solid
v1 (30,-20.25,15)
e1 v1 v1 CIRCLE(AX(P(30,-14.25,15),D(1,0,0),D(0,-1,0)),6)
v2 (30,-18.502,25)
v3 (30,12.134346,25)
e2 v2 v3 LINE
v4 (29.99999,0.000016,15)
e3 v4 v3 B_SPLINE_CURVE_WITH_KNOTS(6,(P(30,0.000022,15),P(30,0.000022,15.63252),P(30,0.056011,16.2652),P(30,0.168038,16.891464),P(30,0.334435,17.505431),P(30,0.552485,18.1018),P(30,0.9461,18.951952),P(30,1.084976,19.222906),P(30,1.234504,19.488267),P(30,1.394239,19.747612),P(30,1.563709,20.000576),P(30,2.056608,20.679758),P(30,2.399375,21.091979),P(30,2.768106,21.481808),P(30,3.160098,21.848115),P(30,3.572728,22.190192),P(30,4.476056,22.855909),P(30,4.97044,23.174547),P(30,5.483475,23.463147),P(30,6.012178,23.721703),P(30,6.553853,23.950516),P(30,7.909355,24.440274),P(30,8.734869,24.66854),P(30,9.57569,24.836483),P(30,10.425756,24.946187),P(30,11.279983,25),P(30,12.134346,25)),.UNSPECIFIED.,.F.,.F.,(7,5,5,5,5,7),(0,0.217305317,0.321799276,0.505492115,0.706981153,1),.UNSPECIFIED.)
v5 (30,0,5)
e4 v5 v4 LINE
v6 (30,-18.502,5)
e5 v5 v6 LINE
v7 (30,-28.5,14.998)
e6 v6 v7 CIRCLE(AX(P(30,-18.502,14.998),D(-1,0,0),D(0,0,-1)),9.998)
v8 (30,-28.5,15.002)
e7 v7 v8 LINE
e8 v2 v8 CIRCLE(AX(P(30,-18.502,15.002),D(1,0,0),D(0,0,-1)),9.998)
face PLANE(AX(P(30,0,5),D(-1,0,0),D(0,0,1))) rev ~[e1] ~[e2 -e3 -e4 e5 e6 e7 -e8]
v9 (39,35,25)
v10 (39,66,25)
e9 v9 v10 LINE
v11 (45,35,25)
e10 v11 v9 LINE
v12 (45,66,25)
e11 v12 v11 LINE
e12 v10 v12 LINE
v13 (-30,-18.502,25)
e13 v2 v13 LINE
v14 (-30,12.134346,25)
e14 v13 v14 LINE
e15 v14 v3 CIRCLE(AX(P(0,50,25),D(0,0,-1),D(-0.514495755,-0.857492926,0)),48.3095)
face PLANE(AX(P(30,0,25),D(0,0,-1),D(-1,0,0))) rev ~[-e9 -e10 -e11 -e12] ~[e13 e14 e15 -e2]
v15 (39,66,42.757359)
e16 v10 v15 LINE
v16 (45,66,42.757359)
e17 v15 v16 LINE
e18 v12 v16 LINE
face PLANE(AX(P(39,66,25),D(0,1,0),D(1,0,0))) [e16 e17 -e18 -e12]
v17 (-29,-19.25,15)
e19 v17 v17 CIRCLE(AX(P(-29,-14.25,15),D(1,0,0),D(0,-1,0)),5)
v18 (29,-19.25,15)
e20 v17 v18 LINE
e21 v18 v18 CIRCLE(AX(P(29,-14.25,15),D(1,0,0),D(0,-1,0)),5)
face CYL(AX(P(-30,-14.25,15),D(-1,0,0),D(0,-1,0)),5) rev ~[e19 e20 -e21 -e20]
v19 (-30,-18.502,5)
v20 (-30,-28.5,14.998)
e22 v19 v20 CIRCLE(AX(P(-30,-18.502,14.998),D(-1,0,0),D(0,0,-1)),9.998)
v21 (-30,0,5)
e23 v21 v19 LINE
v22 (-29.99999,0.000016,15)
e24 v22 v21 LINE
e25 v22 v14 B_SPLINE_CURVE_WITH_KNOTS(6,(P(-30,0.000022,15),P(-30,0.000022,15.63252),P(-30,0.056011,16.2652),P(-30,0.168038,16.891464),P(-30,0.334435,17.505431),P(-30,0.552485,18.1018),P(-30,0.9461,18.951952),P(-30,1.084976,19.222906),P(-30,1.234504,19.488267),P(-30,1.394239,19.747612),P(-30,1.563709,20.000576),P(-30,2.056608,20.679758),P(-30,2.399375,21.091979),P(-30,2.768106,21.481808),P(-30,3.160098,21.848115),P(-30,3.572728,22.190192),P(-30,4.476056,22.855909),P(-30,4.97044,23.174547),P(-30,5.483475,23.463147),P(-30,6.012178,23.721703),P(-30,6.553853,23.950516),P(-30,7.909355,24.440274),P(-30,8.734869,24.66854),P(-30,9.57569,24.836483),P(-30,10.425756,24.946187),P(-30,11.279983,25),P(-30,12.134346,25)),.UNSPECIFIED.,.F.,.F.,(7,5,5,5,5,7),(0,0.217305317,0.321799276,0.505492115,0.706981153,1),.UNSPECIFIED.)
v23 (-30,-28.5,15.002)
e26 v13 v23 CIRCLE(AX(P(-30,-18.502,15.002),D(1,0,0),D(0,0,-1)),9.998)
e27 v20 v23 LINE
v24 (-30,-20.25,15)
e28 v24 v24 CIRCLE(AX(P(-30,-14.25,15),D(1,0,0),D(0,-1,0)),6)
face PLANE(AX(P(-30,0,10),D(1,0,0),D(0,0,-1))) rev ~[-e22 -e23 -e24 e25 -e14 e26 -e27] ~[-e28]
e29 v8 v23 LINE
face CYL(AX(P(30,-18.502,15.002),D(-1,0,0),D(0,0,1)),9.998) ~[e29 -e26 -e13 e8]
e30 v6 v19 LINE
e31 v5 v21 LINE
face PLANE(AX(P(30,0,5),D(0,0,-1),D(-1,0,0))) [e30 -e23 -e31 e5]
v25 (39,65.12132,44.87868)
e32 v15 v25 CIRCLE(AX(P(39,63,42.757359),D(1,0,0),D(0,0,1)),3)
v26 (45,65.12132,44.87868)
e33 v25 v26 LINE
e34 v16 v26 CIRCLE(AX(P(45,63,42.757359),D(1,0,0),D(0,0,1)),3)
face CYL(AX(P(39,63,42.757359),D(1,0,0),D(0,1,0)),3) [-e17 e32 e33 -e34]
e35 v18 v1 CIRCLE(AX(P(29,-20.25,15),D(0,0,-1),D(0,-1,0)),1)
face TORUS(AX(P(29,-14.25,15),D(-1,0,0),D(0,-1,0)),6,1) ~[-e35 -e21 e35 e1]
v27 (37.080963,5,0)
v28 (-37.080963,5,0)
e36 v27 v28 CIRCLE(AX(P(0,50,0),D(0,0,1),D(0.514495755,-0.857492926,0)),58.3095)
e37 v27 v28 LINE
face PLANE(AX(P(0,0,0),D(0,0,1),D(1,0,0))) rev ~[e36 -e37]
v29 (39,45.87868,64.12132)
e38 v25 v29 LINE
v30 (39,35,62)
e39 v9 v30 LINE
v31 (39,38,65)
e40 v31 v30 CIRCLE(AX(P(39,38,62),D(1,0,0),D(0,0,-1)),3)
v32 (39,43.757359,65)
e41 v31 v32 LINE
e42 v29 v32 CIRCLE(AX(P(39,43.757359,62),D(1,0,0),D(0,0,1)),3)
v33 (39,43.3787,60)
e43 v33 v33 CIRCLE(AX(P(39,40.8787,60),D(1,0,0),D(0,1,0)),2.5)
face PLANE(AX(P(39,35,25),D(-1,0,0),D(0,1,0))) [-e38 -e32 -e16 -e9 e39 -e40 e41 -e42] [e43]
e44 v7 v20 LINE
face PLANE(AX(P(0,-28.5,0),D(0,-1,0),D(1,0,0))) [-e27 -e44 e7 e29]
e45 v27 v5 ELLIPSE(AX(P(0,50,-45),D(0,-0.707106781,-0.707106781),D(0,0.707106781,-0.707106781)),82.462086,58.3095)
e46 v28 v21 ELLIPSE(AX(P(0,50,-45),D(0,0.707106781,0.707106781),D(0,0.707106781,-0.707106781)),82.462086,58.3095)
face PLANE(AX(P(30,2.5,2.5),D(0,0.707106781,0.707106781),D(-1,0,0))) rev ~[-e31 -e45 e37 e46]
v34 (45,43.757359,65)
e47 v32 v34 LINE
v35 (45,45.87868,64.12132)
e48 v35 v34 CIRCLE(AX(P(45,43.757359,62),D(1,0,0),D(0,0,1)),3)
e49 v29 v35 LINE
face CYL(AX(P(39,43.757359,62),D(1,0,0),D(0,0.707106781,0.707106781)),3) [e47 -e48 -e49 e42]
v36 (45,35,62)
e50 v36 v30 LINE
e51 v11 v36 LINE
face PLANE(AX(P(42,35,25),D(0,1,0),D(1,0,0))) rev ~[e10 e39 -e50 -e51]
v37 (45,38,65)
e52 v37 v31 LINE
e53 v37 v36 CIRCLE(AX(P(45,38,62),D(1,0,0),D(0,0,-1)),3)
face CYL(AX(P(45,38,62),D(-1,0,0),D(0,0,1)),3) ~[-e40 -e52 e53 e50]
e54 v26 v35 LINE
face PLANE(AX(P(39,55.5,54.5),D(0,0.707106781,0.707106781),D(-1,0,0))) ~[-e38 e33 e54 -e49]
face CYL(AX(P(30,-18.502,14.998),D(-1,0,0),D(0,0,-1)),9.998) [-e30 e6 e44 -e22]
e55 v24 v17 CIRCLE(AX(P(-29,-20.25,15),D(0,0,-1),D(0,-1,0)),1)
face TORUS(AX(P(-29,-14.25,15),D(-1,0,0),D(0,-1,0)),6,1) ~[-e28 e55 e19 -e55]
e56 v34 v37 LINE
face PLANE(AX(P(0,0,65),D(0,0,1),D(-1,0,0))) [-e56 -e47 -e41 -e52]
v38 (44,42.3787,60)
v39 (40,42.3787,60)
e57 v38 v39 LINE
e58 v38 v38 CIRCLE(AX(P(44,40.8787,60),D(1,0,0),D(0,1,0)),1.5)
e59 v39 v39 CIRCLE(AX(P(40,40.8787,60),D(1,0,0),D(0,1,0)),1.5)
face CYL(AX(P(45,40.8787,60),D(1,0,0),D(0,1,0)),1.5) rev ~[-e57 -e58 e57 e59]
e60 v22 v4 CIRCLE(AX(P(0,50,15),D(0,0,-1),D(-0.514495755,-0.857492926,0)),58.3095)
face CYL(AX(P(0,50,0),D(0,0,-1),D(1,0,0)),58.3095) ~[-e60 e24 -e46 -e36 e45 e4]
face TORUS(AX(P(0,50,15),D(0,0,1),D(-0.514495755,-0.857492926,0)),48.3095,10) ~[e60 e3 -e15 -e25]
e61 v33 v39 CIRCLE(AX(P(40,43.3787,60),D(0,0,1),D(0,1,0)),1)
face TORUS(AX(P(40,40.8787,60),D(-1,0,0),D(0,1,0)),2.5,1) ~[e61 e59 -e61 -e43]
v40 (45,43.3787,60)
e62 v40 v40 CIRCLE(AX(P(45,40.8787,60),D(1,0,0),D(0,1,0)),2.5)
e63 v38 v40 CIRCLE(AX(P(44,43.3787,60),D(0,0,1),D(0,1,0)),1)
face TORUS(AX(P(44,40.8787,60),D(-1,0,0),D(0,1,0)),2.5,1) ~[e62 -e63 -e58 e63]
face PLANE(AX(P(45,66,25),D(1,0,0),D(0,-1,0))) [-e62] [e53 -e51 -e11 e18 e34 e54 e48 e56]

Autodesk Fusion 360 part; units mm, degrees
sketch "Sketch1" plane through (0, 0, 0) normal (0, 0, 1) x (1, 0, 0)
  line L0 (0, 0) -> (30, 0)
  line L1 (0, 0) -> (-30, 0)
  circle A0 centre (0, 50) radius 58.3095
  line L2 (0, 7) -> (39.3827, 7)
  line L3 (0, 7) -> (-39.3827, 7)
  dimension "d1" = 30
  dimension "d2" = 7
extrude "Extrude1" add sketch "Sketch1" along normal blind 25 contours A0 L2 L3
extrude "Extrude2" add sketch "Sketch1" along normal blind 25 contours L0 L1 A0 L2 L3
sketch "Sketch2" plane through (0, 0, 0) normal (0, -1, 0) x (1, 0, 0)
  line L0 (-30, 0) -> (30, 0)
  line L1 (30, 0) -> (30, 25)
  line L2 (30, 25) -> (-30, 25)
  line L3 (-30, 25) -> (-30, 0)
  line L4 (-30, 0) -> (-30, 10)
  line L5 (30, 0) -> (30, 5)
  line L6 (30, 5) -> (-30, 5)
  dimension "d7" = 10
  dimension "d8" = 5
chamfer "Chamfer1" distance 5 angle 45 1 edges at (0, 0, 0)
extrude "Extrude3" add sketch "Sketch2" along normal blind 28.5 contours L1 L2 L3 L4 L6
sketch "Sketch3" plane through (-30, 0, 0) normal (-1, 0, 0) x (0, -1, 0)
  line L0 (0, 25) -> (0, 5)
  line L1 (0, 5) -> (28.5, 5)
  line L2 (28.5, 5) -> (28.5, 25)
  line L3 (28.5, 25) -> (0, 25)
  line L4 (28.5, 25) -> (14.25, 25)
  line L5 (14.25, 25) -> (14.25, 15)
  circle A0 centre (14.25, 15) radius 5
  dimension "d12" = 10
  dimension "d13" = 10
extrude "Extrude4" cut sketch "Sketch3" against normal blind 60 contours A0
fillet "Fillet1" radius 1 2 edges at (-30, -9.5884, 16.8081) (30, -9.5884, 13.1919)
fillet "Fillet2" radius 10 2 edges at (0, -28.5, 25) (0, -28.5, 5)
fillet "Fillet3" radius 10 1 edges at (0, 108.3095, 25)
sketch "Sketch4" plane through (0, 0, 25) normal (0, 0, 1) x (-1, 0, 0)
  line L0 (30, -12.1343) -> (30, 18.5)
  line L1 (30, 18.5) -> (-30, 18.5)
  line L2 (-30, 18.5) -> (-30, -12.1343)
  arc A0 (-30, -12.1343) -> (30, -12.1343) centre (0, -50) ccw
  line L3 (-30, -12.1343) -> (-30, -35)
  line L4 (-30, -35) -> (-42, -35)
  line L5 (-42, -35) -> (-45, -35)
  line L6 (-45, -35) -> (-39, -35)
  line L7 (-39, -35) -> (-39, -66)
  line L8 (-39, -66) -> (-45, -66)
  line L9 (-45, -66) -> (-45, -35)
  dimension "d22" = 12
  dimension "d23" = 3
extrude "Extrude5" add sketch "Sketch4" along normal blind 40 contours L4 L5 L6 L7 L8 L9
chamfer "Chamfer2" distance 21 angle 45 1 edges at (42, 66, 65)
fillet "Fillet4" radius 3 3 edges at (42, 35, 65) (42, 45, 65) (42, 66, 44)
sketch "Sketch5" plane through (45, 0, 0) normal (1, 0, 0) x (0, 1, 0)
  arc A0 (66, 42.7574) -> (65.1213, 44.8787) centre (63, 42.7574) ccw
  line L0 (65.1213, 44.8787) -> (45.8787, 64.1213)
  arc A1 (45.8787, 64.1213) -> (43.7574, 65) centre (43.7574, 62) ccw
  line L1 (43.7574, 65) -> (38, 65)
  arc A2 (38, 65) -> (35, 62) centre (38, 62) ccw
  line L2 (35, 62) -> (35, 25)
  line L3 (35, 25) -> (66, 25)
  line L4 (66, 25) -> (66, 42.7574)
  circle A3 centre (40.8787, 60) radius 1.5
  dimension "d29" = 3
extrude "Extrude6" cut sketch "Sketch5" against normal blind 6 contours A3
fillet "Fillet5" radius 1 2 edges at (39, 39.4802, 59.4576) (45, 39.4802, 60.5424)
